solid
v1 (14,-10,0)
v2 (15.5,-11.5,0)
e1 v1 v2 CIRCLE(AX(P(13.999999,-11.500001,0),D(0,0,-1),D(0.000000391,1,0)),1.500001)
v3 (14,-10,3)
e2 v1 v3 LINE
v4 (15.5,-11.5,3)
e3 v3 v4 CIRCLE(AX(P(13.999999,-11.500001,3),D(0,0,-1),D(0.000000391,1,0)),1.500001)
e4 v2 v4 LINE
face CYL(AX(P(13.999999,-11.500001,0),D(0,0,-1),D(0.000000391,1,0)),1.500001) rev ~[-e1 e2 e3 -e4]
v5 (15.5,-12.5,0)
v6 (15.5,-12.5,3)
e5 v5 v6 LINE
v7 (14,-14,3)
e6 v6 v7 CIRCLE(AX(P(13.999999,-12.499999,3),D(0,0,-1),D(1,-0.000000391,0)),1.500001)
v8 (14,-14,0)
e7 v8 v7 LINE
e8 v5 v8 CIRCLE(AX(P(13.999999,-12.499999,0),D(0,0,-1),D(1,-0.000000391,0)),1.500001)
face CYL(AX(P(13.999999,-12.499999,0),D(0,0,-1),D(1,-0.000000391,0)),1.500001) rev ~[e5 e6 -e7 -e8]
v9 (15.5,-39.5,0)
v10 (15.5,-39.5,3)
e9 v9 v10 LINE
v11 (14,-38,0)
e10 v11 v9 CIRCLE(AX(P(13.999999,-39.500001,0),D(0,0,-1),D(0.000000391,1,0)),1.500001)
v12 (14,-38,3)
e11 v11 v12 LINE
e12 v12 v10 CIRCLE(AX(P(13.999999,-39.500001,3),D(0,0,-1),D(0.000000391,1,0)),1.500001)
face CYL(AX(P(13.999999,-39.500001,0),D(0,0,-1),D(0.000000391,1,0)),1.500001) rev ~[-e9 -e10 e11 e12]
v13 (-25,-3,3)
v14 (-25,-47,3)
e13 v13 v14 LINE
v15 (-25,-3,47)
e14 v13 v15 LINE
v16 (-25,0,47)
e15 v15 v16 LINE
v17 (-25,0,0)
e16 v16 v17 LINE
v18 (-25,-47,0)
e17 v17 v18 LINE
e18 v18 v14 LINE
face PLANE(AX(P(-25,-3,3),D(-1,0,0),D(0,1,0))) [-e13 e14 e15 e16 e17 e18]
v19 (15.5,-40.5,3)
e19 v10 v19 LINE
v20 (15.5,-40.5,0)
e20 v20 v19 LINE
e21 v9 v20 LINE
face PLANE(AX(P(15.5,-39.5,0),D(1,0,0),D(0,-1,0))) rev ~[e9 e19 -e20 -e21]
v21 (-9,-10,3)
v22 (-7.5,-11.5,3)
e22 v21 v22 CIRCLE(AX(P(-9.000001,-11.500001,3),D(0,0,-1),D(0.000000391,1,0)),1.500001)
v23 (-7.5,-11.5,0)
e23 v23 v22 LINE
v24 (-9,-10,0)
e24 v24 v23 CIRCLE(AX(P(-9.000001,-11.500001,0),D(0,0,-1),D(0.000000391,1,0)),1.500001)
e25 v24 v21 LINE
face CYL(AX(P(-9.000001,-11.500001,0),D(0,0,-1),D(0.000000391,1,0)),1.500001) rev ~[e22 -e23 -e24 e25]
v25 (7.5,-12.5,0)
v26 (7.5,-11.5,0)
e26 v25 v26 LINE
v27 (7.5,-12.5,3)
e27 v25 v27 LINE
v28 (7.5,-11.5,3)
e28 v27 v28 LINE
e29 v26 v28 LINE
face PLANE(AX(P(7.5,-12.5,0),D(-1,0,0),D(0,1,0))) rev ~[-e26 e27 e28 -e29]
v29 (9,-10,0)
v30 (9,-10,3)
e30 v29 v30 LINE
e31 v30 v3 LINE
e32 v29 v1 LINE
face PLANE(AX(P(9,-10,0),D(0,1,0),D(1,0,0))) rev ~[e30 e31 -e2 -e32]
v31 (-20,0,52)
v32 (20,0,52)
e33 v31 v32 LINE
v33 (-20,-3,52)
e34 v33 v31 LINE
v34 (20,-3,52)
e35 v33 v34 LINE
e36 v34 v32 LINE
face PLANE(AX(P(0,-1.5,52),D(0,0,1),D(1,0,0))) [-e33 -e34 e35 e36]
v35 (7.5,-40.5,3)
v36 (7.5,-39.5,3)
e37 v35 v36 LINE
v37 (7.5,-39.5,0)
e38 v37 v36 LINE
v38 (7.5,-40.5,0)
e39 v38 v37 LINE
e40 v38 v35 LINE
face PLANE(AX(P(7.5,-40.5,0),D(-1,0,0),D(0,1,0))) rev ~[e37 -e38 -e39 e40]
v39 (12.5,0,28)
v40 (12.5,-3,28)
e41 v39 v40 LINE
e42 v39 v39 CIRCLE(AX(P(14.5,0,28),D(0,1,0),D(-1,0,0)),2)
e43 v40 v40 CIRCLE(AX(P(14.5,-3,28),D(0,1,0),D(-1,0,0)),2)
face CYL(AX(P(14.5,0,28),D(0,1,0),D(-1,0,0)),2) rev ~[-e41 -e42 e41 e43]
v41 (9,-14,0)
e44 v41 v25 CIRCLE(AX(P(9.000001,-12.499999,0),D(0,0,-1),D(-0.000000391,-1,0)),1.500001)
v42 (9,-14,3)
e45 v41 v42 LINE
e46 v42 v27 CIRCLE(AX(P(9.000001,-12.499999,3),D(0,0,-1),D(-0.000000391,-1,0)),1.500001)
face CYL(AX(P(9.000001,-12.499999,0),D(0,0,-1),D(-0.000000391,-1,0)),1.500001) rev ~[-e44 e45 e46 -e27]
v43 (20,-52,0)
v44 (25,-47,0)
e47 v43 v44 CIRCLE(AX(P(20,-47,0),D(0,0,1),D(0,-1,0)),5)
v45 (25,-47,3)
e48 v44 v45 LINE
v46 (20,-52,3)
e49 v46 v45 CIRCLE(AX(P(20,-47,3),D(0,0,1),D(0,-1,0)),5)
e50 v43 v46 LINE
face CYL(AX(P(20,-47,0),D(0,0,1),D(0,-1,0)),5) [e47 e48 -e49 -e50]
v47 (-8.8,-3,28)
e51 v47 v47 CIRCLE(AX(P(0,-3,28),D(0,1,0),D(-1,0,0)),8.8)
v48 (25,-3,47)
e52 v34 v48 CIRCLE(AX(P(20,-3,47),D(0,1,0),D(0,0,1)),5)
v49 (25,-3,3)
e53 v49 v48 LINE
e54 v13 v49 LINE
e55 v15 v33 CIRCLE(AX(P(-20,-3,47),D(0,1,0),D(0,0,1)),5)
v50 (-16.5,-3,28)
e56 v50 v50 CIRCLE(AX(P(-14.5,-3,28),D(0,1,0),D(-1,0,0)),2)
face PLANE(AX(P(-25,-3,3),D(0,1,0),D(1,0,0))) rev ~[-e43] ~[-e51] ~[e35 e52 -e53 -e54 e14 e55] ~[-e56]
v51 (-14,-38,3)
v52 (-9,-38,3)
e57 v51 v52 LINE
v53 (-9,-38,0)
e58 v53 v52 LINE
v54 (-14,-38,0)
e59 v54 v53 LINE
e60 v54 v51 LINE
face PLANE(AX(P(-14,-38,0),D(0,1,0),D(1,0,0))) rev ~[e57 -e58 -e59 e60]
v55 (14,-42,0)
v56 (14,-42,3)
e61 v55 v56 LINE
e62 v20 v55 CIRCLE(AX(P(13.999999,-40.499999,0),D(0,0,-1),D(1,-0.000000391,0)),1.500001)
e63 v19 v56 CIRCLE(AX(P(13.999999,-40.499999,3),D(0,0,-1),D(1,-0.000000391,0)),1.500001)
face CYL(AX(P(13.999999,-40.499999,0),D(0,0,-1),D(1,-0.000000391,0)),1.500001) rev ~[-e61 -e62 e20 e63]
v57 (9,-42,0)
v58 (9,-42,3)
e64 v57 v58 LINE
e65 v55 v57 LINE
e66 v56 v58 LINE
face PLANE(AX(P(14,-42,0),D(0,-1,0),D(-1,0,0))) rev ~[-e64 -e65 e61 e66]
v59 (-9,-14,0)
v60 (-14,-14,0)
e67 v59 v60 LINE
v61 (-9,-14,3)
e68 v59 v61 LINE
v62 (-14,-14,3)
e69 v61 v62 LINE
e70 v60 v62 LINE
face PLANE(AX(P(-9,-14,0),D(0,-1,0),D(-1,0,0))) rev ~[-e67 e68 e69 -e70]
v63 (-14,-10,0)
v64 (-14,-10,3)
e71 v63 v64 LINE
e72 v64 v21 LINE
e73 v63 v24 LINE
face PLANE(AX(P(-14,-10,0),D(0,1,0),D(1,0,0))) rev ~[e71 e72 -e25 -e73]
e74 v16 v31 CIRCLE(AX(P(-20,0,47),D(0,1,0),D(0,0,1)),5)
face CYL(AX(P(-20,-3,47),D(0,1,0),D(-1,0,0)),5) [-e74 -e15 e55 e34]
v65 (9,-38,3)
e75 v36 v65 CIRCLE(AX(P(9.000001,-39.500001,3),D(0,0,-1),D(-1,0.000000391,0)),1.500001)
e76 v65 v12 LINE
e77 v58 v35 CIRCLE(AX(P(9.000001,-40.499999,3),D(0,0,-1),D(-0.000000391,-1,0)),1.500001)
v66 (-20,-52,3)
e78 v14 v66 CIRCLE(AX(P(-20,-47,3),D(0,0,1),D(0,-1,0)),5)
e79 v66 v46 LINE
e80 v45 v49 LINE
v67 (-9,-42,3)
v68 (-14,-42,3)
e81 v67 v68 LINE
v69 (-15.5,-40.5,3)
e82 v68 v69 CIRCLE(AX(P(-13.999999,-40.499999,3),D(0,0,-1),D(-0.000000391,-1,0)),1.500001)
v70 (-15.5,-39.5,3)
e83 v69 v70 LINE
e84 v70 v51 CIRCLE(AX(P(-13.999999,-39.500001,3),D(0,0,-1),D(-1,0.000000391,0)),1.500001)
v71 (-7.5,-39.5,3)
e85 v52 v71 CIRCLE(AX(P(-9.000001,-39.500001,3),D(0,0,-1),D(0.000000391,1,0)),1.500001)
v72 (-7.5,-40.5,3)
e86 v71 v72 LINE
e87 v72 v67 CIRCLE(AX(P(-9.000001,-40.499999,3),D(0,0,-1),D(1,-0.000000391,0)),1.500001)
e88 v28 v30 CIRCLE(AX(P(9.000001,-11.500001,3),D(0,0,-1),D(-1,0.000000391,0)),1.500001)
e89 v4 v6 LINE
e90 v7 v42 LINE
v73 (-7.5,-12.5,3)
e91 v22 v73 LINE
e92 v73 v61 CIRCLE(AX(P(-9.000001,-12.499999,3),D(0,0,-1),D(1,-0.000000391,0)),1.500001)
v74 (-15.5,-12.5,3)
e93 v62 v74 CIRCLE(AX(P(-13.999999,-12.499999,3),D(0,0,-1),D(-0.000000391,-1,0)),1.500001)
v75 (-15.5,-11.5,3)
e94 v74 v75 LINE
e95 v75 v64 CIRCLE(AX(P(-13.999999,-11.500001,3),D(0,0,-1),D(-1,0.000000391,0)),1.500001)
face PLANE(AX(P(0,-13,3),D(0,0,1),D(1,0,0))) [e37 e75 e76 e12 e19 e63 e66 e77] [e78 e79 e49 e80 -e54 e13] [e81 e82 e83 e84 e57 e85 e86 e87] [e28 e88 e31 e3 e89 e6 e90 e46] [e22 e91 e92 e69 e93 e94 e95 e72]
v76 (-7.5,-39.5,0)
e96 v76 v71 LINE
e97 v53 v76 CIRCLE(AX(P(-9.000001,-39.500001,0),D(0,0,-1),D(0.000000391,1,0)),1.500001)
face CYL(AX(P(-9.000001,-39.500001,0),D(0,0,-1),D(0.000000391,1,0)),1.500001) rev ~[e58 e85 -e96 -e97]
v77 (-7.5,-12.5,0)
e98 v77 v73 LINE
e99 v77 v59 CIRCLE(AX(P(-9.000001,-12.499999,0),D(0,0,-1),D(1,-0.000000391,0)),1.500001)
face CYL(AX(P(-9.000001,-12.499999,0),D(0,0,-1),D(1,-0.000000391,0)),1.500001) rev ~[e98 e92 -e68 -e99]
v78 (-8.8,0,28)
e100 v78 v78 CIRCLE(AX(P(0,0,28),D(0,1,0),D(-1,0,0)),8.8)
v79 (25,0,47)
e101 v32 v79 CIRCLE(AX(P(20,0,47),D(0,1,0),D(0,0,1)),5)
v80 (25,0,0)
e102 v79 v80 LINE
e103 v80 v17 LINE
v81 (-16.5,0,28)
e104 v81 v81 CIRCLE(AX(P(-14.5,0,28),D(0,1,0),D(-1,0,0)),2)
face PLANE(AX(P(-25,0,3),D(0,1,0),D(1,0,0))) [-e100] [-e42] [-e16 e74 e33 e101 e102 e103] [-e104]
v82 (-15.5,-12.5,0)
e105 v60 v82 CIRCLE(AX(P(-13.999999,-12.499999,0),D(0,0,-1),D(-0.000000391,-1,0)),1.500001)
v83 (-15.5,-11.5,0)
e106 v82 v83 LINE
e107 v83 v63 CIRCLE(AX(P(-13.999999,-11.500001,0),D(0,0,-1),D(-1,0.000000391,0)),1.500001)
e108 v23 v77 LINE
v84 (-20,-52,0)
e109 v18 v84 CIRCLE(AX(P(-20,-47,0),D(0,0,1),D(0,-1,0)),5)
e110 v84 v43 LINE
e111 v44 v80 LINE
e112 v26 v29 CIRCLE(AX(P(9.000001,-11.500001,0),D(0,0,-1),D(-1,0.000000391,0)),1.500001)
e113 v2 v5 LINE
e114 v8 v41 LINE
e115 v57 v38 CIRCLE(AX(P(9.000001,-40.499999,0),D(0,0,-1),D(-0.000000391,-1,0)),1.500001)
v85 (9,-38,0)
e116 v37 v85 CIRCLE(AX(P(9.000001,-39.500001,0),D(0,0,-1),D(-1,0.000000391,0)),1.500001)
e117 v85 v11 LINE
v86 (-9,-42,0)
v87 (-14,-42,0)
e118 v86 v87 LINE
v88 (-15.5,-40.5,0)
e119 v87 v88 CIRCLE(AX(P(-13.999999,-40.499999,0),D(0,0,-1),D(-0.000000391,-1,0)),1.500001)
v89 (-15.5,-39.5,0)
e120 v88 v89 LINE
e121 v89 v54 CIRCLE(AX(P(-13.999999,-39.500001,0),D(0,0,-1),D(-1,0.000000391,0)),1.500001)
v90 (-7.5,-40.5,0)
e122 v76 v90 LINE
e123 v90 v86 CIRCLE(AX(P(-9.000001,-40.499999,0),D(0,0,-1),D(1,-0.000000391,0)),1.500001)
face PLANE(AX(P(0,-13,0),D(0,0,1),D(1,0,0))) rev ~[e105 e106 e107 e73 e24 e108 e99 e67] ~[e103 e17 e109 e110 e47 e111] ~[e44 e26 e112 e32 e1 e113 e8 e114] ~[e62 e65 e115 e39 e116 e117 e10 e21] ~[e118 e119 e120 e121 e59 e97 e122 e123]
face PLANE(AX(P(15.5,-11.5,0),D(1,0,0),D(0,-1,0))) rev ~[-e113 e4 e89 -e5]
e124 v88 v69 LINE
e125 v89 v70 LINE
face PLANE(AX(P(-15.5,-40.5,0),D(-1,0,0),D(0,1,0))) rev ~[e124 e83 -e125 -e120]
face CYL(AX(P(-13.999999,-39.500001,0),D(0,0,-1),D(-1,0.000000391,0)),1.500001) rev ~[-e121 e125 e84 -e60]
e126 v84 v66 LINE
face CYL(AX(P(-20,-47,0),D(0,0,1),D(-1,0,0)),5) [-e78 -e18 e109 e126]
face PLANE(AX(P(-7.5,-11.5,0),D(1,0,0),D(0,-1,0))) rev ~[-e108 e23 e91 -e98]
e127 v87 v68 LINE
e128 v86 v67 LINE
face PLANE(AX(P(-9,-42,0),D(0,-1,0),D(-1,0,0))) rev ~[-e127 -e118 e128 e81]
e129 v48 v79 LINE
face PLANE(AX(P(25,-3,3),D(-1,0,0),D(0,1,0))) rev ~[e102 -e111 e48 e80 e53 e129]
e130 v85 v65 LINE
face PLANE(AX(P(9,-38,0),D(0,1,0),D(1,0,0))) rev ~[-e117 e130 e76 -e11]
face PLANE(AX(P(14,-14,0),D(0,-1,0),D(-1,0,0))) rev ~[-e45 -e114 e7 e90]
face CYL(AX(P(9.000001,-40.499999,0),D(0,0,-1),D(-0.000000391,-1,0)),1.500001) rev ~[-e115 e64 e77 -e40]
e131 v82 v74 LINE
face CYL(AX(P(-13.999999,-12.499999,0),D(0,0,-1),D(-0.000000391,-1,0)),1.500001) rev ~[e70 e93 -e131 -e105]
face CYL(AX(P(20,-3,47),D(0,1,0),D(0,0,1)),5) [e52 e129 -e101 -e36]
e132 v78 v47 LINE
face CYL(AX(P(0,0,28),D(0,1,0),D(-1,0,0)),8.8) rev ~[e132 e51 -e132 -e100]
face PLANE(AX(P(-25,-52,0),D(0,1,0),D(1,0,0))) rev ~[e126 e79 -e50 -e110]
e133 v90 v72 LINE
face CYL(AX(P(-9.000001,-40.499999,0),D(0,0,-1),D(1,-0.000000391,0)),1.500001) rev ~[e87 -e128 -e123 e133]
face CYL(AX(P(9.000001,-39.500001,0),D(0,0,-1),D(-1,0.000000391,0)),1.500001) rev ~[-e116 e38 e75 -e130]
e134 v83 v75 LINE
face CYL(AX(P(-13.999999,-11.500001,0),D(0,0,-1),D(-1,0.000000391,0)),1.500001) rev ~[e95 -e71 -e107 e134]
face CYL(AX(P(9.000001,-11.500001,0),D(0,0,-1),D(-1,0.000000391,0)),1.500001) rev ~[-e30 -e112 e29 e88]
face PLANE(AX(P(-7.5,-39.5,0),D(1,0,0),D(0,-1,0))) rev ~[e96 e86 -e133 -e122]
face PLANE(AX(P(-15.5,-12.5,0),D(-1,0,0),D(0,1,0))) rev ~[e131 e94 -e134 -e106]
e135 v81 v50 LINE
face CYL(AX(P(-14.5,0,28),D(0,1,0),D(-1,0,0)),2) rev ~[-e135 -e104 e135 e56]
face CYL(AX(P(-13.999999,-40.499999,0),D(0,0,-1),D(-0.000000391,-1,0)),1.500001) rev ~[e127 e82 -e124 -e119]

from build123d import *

# Parameters (mm, degrees)
F0_W     = 50
F0_H     = 26
F1_DEPTH = 3
F2_W     = 50
F2_H     = 3
F3_DEPTH = 49
F4_R     = 2
F4_R_2   = 8.8
F5_DEPTH = 3
F6_R     = 5


with BuildPart() as f1:
    # F0 (on Top) → F1 (new body)
    with BuildSketch(Plane.XY):
        Polygon((25, 0), (0, 0), (-25, 0), (-25, -26), (25, -26), align=None)
        with BuildLine():
            ThreePointArc((-7.5, -12.5), (-7.93934, -13.56066), (-9, -14))
            Line((-9, -14), (-14, -14))
            ThreePointArc((-14, -14), (-15.06066, -13.56066), (-15.5, -12.5))
            Line((-15.5, -12.5), (-15.5, -11.5))
            ThreePointArc((-15.5, -11.5), (-15.06066, -10.43934), (-14, -10))
            Line((-14, -10), (-9, -10))
            ThreePointArc((-9, -10), (-7.93934, -10.43934), (-7.5, -11.5))
            Line((-7.5, -11.5), (-7.5, -12.5))
        make_face(mode=Mode.SUBTRACT)
        with BuildLine():
            Line((14, -14), (9, -14))
            ThreePointArc((9, -14), (7.93934, -13.56066), (7.5, -12.5))
            Line((7.5, -12.5), (7.5, -11.5))
            ThreePointArc((7.5, -11.5), (7.93934, -10.43934), (9, -10))
            Line((9, -10), (14, -10))
            ThreePointArc((14, -10), (15.06066, -10.43934), (15.5, -11.5))
            Line((15.5, -11.5), (15.5, -12.5))
            ThreePointArc((15.5, -12.5), (15.06066, -13.56066), (14, -14))
        make_face(mode=Mode.SUBTRACT)
        with Locations((0, -39)):
            Rectangle(F0_W, F0_H)
        with BuildLine():
            ThreePointArc((-7.5, -40.5), (-7.93934, -41.56066), (-9, -42))
            Line((-9, -42), (-14, -42))
            ThreePointArc((-14, -42), (-15.06066, -41.56066), (-15.5, -40.5))
            Line((-15.5, -40.5), (-15.5, -39.5))
            ThreePointArc((-15.5, -39.5), (-15.06066, -38.43934), (-14, -38))
            Line((-14, -38), (-9, -38))
            ThreePointArc((-9, -38), (-7.93934, -38.43934), (-7.5, -39.5))
            Line((-7.5, -39.5), (-7.5, -40.5))
        make_face(mode=Mode.SUBTRACT)
        with BuildLine():
            Line((15.5, -39.5), (15.5, -40.5))
            ThreePointArc((15.5, -40.5), (15.06066, -41.56066), (14, -42))
            Line((14, -42), (9, -42))
            ThreePointArc((9, -42), (7.93934, -41.56066), (7.5, -40.5))
            Line((7.5, -40.5), (7.5, -39.5))
            ThreePointArc((7.5, -39.5), (7.93934, -38.43934), (9, -38))
            Line((9, -38), (14, -38))
            ThreePointArc((14, -38), (15.06066, -38.43934), (15.5, -39.5))
        make_face(mode=Mode.SUBTRACT)
    extrude(amount=F1_DEPTH)

    # F2 (on face) → F3 (join)
    with BuildSketch(Plane.XY.offset(3)):
        with Locations((0, -1.5)):
            Rectangle(F2_W, F2_H)
    extrude(amount=F3_DEPTH)

    # F4 (on face) → F5 (cut)
    with BuildSketch(Plane(origin=(0, 0, 0), x_dir=(-1, 0, 0), z_dir=(0, 1, 0))):
        with Locations((-14.5, 28)):
            Circle(F4_R)
        with Locations((0, 28)):
            Circle(F4_R_2)
        with Locations((14.5, 28)):
            Circle(F4_R)
    extrude(amount=-F5_DEPTH, mode=Mode.SUBTRACT)

    # F6
    f6_edges = [f1.edges().sort_by_distance(p)[0] for p in [
        (-25, -1.5, 52),
        (25, -1.5, 52),
        (-25, -52, 1.5),
        (25, -52, 1.5),
    ]]
    fillet(f6_edges, radius=F6_R)


solid = f1.part
